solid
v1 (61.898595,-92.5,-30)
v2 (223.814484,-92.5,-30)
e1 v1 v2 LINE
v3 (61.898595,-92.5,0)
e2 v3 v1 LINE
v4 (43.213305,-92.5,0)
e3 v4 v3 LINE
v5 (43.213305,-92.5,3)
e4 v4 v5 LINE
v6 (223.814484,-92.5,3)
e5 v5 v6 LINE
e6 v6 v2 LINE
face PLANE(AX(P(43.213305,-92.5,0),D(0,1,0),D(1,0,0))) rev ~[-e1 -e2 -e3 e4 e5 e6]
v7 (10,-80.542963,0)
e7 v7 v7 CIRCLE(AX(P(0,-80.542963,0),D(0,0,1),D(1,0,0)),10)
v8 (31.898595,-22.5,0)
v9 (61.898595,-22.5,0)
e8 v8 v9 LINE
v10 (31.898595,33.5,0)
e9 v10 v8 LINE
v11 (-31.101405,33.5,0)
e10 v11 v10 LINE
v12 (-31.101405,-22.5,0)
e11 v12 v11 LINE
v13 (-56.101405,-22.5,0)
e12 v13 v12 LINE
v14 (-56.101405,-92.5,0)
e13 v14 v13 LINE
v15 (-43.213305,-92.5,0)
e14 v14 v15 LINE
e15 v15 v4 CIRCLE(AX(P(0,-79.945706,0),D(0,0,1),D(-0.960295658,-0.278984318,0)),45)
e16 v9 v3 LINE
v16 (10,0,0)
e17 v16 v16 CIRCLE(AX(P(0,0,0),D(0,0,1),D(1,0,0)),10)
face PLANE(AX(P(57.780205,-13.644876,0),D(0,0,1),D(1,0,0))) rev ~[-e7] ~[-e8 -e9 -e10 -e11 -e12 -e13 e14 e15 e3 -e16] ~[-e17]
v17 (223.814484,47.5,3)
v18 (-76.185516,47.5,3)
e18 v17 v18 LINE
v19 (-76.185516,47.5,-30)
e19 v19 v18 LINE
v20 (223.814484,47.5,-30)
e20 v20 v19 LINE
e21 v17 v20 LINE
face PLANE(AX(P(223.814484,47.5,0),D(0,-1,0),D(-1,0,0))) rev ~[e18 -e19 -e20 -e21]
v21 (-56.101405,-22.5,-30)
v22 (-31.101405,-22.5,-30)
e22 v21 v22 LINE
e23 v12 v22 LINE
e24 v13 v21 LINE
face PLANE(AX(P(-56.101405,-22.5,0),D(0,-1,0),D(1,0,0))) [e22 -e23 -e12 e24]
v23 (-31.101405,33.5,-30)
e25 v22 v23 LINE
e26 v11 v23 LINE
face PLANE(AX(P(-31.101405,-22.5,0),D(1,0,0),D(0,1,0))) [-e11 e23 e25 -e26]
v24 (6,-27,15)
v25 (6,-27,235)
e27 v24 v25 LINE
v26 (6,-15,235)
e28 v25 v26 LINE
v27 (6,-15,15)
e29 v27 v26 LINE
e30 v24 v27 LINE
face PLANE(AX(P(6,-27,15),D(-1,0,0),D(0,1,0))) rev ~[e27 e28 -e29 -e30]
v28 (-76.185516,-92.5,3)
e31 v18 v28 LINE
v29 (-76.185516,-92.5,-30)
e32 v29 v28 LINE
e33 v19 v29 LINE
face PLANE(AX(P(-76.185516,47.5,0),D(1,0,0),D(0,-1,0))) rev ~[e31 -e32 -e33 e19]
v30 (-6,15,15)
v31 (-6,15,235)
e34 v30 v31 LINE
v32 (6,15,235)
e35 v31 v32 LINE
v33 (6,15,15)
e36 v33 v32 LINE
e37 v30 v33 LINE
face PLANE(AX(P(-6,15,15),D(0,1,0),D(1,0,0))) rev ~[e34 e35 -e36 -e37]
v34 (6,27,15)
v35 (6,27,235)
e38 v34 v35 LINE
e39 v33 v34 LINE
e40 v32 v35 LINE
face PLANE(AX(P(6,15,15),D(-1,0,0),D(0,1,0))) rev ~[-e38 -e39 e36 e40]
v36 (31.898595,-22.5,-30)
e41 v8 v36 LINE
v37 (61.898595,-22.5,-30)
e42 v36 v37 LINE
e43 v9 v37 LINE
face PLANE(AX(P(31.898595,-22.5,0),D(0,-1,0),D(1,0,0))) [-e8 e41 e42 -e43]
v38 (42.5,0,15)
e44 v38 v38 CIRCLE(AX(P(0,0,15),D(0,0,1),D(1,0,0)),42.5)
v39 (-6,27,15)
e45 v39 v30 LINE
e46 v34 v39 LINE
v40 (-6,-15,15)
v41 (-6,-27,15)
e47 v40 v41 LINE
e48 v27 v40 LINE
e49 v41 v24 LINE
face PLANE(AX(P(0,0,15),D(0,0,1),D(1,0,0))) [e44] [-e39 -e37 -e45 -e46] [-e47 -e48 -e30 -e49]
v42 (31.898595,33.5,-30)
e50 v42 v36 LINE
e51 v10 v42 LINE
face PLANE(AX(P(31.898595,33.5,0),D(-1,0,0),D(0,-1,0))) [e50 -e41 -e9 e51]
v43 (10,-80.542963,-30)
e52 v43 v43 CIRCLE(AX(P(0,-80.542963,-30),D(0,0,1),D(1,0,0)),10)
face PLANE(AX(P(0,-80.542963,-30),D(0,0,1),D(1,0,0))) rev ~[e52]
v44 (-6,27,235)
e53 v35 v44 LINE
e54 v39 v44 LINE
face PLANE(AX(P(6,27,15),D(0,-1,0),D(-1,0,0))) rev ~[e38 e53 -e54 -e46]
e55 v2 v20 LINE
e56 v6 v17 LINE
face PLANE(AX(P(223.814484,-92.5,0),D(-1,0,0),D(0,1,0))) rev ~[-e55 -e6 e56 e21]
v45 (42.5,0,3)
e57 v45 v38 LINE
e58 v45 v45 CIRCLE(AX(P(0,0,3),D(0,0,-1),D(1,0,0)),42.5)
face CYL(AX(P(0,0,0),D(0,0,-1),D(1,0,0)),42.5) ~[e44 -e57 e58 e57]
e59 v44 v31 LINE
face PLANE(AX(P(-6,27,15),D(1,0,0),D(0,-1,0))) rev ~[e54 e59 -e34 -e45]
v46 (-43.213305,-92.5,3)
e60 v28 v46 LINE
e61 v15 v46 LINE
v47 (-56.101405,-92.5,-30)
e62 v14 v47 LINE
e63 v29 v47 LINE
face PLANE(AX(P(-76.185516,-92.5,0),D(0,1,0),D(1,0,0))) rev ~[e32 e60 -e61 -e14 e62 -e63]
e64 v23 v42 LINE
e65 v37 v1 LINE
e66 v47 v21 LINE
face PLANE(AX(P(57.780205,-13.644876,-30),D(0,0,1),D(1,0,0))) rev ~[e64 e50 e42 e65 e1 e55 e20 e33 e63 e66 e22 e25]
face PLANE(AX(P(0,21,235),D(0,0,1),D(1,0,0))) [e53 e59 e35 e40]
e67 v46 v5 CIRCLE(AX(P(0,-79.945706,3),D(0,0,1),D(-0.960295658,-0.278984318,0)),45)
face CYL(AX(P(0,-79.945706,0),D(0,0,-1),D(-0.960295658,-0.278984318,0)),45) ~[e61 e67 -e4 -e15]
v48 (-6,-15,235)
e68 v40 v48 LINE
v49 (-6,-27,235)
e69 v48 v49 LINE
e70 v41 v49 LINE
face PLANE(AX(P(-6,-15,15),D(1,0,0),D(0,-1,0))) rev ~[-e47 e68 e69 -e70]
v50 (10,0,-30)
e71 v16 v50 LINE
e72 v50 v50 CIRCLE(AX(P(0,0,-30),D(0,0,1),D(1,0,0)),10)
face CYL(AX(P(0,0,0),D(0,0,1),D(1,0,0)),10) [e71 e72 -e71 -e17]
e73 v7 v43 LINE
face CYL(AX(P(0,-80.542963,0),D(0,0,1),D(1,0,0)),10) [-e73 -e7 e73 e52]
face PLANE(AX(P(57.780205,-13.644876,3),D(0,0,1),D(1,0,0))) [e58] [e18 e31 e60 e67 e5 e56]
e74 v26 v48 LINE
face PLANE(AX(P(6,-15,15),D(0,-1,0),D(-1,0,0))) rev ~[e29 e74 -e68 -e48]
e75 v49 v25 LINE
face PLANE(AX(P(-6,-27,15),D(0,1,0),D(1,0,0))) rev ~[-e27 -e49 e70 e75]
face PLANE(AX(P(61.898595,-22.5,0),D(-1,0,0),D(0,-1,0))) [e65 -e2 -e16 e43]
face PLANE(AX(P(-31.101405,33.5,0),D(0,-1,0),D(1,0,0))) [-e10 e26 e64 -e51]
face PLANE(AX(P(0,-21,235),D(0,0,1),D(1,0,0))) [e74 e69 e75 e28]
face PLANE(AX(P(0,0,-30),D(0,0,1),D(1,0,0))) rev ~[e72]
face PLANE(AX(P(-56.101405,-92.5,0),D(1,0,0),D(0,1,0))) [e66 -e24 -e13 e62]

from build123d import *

# Parameters (mm, degrees)
F0_R      = 42.5
F1_DEPTH  = 15
F3_DEPTH  = 30
F2_R      = 22.5
F4_DEPTH  = 3
F5_R      = 10
F6_DEPTH  = 30
F7_DEPTH  = 15
F8_R      = 10
F9_DEPTH  = 30
F11_DEPTH = 220


with BuildPart() as f1:
    # F0 (on Top) → F1 (new body)
    with BuildSketch(Plane.XY):
        Circle(F0_R)
    extrude(amount=F1_DEPTH)

    # F2 (on Top) → F3 (join)
    with BuildSketch(Plane.XY):
        Polygon((223.814484, 47.5), (-76.185516, 47.5), (-76.185516, -92.5), (-56.101405, -92.5), (-56.101405, -22.5), (-31.101405, -22.5), (-31.101405, 33.5), (31.898595, 33.5), (31.898595, -22.5), (61.898595, -22.5), (61.898595, -92.5), (223.814484, -92.5), align=None)
    extrude(amount=-F3_DEPTH)

    # F2 (on Top) → F4 (join)
    with BuildSketch(Plane.XY):
        Polygon((223.814484, 47.5), (-76.185516, 47.5), (-76.185516, -92.5), (-56.101405, -92.5), (-56.101405, -22.5), (-31.101405, -22.5), (-31.101405, 33.5), (31.898595, 33.5), (31.898595, -22.5), (61.898595, -22.5), (61.898595, -92.5), (223.814484, -92.5), align=None)
        with BuildLine():
            Line((-56.101405, -22.5), (-56.101405, -92.5))
            Line((-56.101405, -92.5), (-43.213305, -92.5))
            ThreePointArc((-43.213305, -92.5), (-6.340398, -35.394619), (45, -79.945706))
            ThreePointArc((45, -79.945706), (44.551087, -86.286104), (43.213305, -92.5))
            Line((43.213305, -92.5), (61.898595, -92.5))
            Line((61.898595, -92.5), (61.898595, -22.5))
            Line((61.898595, -22.5), (31.898595, -22.5))
            Line((31.898595, -22.5), (31.898595, 33.5))
            Line((31.898595, 33.5), (-31.101405, 33.5))
            Line((-31.101405, 33.5), (-31.101405, -22.5))
            Line((-31.101405, -22.5), (-56.101405, -22.5))
        make_face()
        Circle(F2_R, mode=Mode.SUBTRACT)
        with BuildLine():
            ThreePointArc((45, -79.945706), (-6.340398, -35.394619), (-43.213305, -92.5))
            ThreePointArc((-43.213305, -92.5), (0, -124.945706), (43.213305, -92.5))
            ThreePointArc((43.213305, -92.5), (44.551087, -86.286104), (45, -79.945706))
        make_face()
    extrude(amount=F4_DEPTH)

    # F5 (on Top) → F6 (join)
    with BuildSketch(Plane.XY):
        Circle(F5_R)
    extrude(amount=-F6_DEPTH)

    # F5 (on Top) → F7 (join)
    with BuildSketch(Plane.XY):
        Circle(F5_R)
    extrude(amount=F7_DEPTH)

    # F8 (on Top) → F9 (join)
    with BuildSketch(Plane.XY):
        with Locations((0, -80.542963)):
            Circle(F8_R)
    extrude(amount=-F9_DEPTH)

    # F10 (on face) → F11 (join)
    with BuildSketch(Plane.XY.offset(15)):
        Polygon((-6, 27), (-6, 15), (0, 15), (6, 15), (6, 27), align=None)
        Polygon((6, -15), (0, -15), (-6, -15), (-6, -27), (6, -27), align=None)
    extrude(amount=F11_DEPTH)


solid = f1.part
